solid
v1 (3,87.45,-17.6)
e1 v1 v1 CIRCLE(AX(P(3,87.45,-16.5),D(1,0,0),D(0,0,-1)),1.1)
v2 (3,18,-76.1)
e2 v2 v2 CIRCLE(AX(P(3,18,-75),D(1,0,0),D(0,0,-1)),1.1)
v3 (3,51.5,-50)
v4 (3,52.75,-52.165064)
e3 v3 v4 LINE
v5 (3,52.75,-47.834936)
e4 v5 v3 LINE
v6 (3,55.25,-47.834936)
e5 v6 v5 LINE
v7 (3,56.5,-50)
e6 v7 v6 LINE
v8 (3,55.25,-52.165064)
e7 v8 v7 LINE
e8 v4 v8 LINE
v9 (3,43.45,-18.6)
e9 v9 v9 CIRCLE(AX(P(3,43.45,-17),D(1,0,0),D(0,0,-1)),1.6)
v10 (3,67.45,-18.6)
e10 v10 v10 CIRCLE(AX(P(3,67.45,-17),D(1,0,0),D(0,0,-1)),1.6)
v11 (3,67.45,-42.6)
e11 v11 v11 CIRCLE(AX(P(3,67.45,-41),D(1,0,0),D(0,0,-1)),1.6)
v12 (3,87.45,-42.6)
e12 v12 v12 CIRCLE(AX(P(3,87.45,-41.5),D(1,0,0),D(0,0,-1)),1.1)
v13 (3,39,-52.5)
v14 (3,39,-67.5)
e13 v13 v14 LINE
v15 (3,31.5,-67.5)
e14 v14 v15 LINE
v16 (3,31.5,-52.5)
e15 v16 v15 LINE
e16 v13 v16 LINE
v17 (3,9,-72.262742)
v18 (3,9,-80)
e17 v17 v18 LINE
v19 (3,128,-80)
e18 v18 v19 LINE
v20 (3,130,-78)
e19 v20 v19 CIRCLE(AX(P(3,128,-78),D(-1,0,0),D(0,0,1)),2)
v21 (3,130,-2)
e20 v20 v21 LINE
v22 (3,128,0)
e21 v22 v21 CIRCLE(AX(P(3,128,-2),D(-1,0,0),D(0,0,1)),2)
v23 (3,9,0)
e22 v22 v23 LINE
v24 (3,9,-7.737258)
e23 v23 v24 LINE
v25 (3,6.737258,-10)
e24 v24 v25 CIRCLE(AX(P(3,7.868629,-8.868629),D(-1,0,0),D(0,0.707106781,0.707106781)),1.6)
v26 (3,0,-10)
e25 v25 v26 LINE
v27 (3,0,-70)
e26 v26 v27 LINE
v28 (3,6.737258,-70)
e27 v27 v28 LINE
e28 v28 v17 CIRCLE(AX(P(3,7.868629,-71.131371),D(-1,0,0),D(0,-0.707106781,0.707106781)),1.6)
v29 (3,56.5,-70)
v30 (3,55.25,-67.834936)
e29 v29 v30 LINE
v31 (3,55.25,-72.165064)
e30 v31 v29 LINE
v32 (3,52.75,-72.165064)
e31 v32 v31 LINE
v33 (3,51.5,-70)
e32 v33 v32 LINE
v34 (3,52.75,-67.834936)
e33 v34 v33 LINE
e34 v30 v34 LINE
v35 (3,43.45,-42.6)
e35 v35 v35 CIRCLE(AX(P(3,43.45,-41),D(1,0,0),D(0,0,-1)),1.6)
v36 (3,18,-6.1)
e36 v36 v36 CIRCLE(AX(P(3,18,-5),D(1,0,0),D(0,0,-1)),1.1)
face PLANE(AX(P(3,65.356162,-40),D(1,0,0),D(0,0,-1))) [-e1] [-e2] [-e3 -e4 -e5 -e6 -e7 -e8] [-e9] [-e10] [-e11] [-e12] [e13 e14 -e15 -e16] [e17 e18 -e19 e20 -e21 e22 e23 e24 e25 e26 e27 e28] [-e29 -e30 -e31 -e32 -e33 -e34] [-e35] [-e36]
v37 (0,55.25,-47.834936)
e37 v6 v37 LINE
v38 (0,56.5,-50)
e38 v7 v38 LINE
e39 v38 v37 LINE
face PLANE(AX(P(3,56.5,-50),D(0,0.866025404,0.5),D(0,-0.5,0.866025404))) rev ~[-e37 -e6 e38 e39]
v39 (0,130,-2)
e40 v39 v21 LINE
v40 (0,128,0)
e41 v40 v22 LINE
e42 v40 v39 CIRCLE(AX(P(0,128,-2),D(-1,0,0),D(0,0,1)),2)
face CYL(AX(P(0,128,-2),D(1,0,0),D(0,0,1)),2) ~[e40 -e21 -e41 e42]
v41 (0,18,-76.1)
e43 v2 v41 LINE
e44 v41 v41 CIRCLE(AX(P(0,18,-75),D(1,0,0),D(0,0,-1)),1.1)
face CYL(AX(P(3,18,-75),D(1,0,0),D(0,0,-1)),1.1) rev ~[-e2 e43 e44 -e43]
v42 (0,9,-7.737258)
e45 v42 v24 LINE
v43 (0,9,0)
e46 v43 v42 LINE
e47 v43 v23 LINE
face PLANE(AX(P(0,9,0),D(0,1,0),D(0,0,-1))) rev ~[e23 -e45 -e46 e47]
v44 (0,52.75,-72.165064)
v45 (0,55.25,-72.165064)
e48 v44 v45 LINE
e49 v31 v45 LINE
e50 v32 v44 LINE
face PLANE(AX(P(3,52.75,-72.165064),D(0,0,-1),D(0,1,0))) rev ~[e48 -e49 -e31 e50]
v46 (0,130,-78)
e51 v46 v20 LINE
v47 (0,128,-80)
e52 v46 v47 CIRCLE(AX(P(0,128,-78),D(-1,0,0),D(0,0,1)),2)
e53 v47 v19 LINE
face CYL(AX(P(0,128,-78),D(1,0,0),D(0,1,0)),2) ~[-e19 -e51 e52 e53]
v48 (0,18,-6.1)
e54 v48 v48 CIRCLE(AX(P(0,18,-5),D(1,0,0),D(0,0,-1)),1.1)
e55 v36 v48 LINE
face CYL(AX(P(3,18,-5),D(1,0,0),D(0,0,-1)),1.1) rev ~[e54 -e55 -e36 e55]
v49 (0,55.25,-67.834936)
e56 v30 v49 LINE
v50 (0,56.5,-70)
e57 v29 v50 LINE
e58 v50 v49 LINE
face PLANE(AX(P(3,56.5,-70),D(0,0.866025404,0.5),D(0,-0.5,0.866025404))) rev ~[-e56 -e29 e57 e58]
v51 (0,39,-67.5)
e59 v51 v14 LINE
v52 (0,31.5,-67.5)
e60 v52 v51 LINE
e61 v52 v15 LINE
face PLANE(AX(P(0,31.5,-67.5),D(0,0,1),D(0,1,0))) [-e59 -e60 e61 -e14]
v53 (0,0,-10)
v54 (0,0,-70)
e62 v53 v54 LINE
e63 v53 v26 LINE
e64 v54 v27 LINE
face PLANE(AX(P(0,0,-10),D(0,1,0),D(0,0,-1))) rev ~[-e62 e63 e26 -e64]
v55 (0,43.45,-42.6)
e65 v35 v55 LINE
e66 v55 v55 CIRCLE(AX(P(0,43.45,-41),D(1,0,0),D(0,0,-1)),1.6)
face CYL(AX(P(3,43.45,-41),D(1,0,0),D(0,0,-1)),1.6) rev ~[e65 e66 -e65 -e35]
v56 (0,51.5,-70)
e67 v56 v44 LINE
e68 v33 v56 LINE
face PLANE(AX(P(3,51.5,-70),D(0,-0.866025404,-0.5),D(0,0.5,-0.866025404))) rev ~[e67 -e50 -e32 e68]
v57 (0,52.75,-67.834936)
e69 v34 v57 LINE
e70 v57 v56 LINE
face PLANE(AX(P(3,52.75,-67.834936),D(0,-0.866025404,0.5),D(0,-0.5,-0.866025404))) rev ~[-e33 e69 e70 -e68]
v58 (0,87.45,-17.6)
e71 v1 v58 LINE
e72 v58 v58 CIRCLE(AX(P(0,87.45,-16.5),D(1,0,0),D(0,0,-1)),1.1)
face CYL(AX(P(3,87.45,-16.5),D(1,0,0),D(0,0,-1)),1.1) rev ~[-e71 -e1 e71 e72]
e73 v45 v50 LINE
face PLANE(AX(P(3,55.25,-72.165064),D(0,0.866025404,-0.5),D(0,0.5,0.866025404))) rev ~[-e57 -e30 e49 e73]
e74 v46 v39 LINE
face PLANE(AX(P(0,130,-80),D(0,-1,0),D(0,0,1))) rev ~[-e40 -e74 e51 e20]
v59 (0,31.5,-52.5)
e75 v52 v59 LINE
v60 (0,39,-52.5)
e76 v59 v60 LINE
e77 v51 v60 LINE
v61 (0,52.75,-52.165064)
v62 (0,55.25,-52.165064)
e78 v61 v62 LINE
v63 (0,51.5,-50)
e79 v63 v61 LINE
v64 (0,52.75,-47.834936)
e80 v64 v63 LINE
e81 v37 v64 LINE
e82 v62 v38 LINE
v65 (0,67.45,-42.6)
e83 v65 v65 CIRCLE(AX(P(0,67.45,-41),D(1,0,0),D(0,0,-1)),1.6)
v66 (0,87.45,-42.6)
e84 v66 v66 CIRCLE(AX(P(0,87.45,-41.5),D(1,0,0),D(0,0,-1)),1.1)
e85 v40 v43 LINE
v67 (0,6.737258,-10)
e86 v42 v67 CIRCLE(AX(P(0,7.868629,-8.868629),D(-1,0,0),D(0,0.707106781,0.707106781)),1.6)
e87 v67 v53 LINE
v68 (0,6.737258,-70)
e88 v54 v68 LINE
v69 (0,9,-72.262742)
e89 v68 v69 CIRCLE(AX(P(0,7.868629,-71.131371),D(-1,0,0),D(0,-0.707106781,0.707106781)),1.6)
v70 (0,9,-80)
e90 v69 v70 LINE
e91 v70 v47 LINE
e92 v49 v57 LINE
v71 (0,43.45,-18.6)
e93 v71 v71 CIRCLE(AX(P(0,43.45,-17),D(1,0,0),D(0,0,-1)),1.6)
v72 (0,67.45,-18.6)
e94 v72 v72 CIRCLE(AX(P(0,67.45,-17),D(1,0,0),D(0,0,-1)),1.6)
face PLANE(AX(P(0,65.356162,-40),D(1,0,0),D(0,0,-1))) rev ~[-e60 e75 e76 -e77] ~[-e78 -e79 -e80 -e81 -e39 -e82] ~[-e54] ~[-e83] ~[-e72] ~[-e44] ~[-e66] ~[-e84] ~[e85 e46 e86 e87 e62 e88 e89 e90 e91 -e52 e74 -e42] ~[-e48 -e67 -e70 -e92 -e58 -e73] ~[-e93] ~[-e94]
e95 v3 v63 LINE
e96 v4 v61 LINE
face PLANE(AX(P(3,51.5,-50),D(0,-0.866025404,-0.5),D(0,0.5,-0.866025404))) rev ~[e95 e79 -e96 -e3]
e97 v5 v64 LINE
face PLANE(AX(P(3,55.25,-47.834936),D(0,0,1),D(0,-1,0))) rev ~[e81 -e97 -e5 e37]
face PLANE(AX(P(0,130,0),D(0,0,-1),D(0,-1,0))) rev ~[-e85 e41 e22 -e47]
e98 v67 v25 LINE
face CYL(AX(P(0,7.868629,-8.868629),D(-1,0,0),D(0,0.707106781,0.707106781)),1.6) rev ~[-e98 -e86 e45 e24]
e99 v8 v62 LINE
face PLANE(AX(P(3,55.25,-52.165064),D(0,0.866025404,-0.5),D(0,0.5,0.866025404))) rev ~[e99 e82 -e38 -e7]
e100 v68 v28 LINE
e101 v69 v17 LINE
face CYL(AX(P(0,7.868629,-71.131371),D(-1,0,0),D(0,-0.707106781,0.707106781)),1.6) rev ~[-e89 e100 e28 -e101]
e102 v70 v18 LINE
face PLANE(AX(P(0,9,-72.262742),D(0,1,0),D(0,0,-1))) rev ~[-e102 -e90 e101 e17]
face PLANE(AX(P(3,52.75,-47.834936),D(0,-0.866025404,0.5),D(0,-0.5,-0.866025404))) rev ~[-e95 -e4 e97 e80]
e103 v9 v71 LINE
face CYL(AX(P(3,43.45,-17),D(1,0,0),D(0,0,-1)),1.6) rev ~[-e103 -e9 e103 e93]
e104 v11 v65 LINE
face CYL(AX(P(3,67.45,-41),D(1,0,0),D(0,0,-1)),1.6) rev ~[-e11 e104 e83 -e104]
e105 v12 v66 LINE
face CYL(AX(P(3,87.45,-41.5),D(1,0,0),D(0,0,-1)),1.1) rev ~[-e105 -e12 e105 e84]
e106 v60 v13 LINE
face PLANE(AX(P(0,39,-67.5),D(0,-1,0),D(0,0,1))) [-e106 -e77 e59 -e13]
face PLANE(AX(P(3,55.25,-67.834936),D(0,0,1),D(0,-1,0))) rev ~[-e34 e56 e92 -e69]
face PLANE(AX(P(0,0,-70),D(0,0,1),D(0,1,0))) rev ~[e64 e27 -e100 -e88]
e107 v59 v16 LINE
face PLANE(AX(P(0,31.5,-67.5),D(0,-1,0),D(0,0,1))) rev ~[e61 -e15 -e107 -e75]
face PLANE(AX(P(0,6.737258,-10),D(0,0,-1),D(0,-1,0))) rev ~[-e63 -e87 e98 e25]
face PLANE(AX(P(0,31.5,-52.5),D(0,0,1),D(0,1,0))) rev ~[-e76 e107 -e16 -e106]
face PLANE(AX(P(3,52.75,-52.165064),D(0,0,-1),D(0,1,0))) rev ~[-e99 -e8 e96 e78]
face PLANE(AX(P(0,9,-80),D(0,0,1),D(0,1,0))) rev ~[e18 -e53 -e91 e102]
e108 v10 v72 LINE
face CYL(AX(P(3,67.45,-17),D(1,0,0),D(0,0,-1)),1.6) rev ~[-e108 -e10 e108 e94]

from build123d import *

# Parameters (mm, degrees)
EXTRUSION1_DEPTH        = 3
ESQUISSE2_R             = 1.6
ESQUISSE2_R_2           = 1.1
ENL_V_MAT_EXTRU_1_DEPTH = 4
ESQUISSE3_W             = 15
ESQUISSE3_H             = 7.5
ENL_V_MAT_EXTRU_2_DEPTH = 4
ESQUISSE4_R             = 1.1
ENL_V_MAT_EXTRU_3_DEPTH = 4
ENL_V_MAT_EXTRU_4_DEPTH = 4
CONG_1_R                = 2
ESQUISSE6_R             = 1.1
ENL_V_MAT_EXTRU_5_DEPTH = 4


with BuildPart() as part:
    # Esquisse1 → Extrusion1 (new body)
    with BuildSketch(Plane(origin=(0, 0, 0), x_dir=(0, 0, -1), z_dir=(1, 0, 0))):
        with BuildLine():
            Line((10, 6.7372583), (10, 0))
            Line((10, 0), (70, 0))
            Line((70, 0), (70, 6.7372583))
            ThreePointArc((70, 6.7372583), (70, 9), (72.2627417, 9))
            Line((72.2627417, 9), (80, 9))
            Line((80, 9), (80, 130))
            Line((80, 130), (0, 130))
            Line((0, 130), (0, 9))
            Line((0, 9), (7.7372583, 9))
            ThreePointArc((7.7372583, 9), (10, 9), (10, 6.7372583))
        make_face()
    extrude(amount=EXTRUSION1_DEPTH)

    # Esquisse2 → Enlèv. mat.-Extru.1 (cut, through all)
    with BuildSketch(Plane(origin=(3, 0, 0), x_dir=(0, 0, -1), z_dir=(1, 0, 0))):
        with Locations((17, 67.45)):
            Circle(ESQUISSE2_R)
        with Locations((17, 43.45)):
            Circle(ESQUISSE2_R)
        with Locations((41, 43.45)):
            Circle(ESQUISSE2_R)
        with Locations((41, 67.45)):
            Circle(ESQUISSE2_R)
        with Locations((70, 54)):
            Circle(ESQUISSE2_R_2)
        with Locations((50, 54)):
            Circle(ESQUISSE2_R_2)
    extrude(amount=-ENL_V_MAT_EXTRU_1_DEPTH, mode=Mode.SUBTRACT)

    # Esquisse3 → Enlèv. mat.-Extru.2 (cut, through all)
    with BuildSketch(Plane.ZY):
        with Locations((-60, 35.25)):
            Rectangle(ESQUISSE3_W, ESQUISSE3_H)
    extrude(amount=-ENL_V_MAT_EXTRU_2_DEPTH, mode=Mode.SUBTRACT)

    # Esquisse4 → Enlèv. mat.-Extru.3 (cut, through all)
    with BuildSketch(Plane(origin=(3, 0, 0), x_dir=(0, 0, -1), z_dir=(1, 0, 0))):
        with Locations((75, 18)):
            Circle(ESQUISSE4_R)
        with Locations((5, 18)):
            Circle(ESQUISSE4_R)
    extrude(amount=-ENL_V_MAT_EXTRU_3_DEPTH, mode=Mode.SUBTRACT)

    # Esquisse5 → Enlèv. mat.-Extru.4 (cut, through all)
    with BuildSketch(Plane(origin=(3, 0, 0), x_dir=(0, 0, -1), z_dir=(1, 0, 0))):
        Polygon((50, 51.5), (52.165063509, 52.75), (52.165063509, 55.25), (50, 56.5), (47.834936491, 55.25), (47.834936491, 52.75), align=None)
        Polygon((70, 51.5), (72.165063509, 52.75), (72.165063509, 55.25), (70, 56.5), (67.834936491, 55.25), (67.834936491, 52.75), align=None)
    extrude(amount=-ENL_V_MAT_EXTRU_4_DEPTH, mode=Mode.SUBTRACT)

    # Congé1
    cong_1_edges = [part.edges().sort_by_distance(p)[0] for p in [
        (1.5, 130, 0),
        (1.5, 130, -80),
    ]]
    fillet(cong_1_edges, radius=CONG_1_R)

    # Esquisse6 → Enlèv. mat.-Extru.5 (cut, through all)
    with BuildSketch(Plane(origin=(3, 0, 0), x_dir=(0, 0, -1), z_dir=(1, 0, 0))):
        with Locations((16.5, 87.45)):
            Circle(ESQUISSE6_R)
        with Locations((41.5, 87.45)):
            Circle(ESQUISSE6_R)
    extrude(amount=-ENL_V_MAT_EXTRU_5_DEPTH, mode=Mode.SUBTRACT)


solid = part.part
